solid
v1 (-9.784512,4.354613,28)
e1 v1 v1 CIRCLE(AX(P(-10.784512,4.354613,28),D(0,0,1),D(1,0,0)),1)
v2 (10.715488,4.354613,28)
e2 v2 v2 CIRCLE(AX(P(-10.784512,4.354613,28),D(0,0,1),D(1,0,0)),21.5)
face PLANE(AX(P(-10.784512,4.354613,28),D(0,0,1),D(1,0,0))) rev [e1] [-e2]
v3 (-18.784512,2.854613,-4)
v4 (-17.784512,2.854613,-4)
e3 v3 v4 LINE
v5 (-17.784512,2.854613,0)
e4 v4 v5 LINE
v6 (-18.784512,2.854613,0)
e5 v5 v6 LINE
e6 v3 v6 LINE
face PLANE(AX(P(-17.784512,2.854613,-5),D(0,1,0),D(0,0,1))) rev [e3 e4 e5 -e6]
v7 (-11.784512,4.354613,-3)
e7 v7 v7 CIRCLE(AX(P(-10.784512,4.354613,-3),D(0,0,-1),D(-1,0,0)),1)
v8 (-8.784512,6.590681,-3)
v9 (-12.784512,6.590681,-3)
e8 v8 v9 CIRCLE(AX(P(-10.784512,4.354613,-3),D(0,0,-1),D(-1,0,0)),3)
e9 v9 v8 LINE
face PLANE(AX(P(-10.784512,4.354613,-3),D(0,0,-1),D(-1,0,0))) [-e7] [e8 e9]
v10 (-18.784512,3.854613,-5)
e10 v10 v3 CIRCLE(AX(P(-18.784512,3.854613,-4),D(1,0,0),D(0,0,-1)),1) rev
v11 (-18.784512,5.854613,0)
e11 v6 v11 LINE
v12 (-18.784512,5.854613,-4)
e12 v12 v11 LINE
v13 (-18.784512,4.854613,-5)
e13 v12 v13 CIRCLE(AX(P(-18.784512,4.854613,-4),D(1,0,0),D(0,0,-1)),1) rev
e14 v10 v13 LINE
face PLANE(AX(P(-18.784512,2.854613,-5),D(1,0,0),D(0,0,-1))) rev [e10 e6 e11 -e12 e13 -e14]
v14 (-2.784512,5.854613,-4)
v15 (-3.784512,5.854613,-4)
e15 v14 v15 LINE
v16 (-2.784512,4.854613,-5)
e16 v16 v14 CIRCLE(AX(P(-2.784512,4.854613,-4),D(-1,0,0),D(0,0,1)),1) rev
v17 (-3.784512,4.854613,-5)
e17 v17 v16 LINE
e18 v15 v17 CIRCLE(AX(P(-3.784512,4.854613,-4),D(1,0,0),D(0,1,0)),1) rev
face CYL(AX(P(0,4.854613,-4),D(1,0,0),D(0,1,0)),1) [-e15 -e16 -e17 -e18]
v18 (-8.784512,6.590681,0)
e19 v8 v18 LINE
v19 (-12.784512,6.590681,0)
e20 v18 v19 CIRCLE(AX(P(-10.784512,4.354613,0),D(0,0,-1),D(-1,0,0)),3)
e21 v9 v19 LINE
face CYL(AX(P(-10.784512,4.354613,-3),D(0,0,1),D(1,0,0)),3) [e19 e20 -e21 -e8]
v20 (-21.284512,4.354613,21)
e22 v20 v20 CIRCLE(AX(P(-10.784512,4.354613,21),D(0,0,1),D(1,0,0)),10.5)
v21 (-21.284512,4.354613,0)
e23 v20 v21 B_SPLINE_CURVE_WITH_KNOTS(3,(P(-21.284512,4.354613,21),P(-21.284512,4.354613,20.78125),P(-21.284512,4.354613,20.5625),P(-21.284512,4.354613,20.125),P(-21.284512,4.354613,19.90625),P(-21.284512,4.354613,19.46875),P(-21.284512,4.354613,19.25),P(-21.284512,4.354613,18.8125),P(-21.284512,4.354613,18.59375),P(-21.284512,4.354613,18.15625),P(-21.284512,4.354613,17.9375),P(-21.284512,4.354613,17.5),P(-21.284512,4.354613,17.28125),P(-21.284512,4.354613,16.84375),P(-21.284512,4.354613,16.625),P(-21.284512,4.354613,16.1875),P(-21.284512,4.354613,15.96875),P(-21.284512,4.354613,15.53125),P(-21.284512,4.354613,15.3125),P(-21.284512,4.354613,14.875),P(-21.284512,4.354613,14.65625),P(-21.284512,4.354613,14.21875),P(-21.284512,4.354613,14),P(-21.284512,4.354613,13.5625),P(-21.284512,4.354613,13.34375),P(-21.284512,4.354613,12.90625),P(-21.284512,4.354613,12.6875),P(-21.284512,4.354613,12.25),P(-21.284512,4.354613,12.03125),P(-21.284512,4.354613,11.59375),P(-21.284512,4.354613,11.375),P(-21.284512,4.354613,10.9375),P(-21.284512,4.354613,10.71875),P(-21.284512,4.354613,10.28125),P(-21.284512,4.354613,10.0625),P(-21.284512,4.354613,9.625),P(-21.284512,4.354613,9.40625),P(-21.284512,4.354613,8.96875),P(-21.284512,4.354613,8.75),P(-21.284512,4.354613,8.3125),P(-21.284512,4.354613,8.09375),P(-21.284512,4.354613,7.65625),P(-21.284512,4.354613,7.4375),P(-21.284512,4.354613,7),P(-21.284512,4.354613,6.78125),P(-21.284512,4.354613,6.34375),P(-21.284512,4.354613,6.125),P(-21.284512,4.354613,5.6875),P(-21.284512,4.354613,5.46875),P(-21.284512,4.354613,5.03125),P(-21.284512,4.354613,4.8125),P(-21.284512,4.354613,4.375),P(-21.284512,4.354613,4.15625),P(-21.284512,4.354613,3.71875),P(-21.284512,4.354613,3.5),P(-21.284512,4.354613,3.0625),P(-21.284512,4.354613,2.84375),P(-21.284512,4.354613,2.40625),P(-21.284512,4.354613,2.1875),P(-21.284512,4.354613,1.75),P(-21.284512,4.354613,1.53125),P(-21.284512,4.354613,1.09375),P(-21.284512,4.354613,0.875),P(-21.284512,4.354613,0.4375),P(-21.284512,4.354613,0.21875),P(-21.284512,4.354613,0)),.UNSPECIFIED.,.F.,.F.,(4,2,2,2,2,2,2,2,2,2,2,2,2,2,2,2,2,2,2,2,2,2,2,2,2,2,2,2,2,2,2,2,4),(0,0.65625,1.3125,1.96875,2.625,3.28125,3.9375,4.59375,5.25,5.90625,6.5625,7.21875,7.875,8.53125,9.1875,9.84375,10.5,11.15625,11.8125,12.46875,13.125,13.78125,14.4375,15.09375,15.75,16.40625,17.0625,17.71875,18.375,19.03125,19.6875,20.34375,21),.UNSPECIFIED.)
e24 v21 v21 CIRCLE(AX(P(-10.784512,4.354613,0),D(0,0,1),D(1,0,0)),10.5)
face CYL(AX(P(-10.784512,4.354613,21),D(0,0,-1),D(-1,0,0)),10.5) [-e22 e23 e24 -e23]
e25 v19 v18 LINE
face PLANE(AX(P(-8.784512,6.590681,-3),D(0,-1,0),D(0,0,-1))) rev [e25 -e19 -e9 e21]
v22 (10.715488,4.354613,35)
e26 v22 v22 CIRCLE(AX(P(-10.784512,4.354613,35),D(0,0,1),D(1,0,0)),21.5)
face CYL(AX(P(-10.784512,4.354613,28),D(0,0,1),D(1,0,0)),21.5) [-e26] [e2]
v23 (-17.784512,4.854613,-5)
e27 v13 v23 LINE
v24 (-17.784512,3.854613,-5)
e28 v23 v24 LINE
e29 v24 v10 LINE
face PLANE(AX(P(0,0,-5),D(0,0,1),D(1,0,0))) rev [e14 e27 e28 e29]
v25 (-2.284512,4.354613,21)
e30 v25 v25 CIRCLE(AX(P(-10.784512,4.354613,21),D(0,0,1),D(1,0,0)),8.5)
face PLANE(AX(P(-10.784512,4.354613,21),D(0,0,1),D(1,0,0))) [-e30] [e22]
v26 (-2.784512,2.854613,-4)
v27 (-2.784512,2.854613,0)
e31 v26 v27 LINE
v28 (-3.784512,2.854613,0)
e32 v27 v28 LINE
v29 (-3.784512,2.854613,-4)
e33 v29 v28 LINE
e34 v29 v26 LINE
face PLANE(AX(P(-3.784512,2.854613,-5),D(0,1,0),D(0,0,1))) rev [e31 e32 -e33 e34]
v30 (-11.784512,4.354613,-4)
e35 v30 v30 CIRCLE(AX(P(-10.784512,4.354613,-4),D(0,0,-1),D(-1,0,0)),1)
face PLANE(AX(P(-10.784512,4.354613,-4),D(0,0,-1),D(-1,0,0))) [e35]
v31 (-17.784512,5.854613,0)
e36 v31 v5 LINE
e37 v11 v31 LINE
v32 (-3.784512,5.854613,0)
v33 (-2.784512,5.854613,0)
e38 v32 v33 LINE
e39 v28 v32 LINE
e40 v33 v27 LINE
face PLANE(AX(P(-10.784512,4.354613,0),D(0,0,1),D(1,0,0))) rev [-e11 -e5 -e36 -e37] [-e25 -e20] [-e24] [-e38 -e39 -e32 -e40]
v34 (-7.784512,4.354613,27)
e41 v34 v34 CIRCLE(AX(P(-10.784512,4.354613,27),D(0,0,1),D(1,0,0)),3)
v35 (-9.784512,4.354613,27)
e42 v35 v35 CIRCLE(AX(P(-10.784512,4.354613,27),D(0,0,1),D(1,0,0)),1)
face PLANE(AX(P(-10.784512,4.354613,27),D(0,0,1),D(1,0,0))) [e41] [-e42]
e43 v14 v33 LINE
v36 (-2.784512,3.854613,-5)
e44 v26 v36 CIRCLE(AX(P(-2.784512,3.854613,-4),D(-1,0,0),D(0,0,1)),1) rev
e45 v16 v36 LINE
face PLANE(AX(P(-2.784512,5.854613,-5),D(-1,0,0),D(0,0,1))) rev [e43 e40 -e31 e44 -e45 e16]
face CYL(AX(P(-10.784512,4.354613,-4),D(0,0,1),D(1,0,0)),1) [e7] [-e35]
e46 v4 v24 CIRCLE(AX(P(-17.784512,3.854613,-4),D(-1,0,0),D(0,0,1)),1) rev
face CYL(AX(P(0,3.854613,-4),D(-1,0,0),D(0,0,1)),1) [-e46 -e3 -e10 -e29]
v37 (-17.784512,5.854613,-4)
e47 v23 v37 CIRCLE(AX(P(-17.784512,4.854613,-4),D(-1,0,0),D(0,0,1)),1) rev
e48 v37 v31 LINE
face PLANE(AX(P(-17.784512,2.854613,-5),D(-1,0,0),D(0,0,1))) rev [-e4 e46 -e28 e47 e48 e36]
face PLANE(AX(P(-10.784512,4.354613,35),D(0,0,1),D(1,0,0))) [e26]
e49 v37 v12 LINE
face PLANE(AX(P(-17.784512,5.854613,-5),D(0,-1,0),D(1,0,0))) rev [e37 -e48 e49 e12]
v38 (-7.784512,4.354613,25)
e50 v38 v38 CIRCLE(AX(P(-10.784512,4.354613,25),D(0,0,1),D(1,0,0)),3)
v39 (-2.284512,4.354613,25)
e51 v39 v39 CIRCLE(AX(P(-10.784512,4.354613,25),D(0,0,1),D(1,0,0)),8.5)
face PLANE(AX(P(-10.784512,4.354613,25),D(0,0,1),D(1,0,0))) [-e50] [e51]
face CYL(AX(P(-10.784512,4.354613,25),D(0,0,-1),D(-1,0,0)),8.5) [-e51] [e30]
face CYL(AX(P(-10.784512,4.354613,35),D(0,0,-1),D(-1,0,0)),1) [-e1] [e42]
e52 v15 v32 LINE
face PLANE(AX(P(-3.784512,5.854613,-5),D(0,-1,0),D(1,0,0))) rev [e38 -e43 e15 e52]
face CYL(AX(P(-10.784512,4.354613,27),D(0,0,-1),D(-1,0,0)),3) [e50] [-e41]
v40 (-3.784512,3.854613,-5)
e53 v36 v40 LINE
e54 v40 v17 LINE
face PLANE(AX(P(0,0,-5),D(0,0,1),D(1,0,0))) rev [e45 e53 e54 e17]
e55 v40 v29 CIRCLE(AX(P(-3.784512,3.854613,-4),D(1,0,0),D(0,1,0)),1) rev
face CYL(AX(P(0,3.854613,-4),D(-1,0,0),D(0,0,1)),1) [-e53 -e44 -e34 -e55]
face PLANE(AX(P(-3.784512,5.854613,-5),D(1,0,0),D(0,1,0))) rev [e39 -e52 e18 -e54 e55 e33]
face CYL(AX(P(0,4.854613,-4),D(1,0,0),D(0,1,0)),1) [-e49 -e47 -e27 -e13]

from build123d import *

# Parameters (mm, degrees)
ESQUISSE1_R        = 10.5
BOSS_EXTRU_1_DEPTH = 21
ESQUISSE2_R        = 8.5
BOSS_EXTRU_2_DEPTH = 4
ESQUISSE3_R        = 3
BOSS_EXTRU_3_DEPTH = 2
ESQUISSE4_R        = 1
BOSS_EXTRU_4_DEPTH = 8
ESQUISSE5_W        = 1
ESQUISSE5_H        = 3
BOSS_EXTRU_5_DEPTH = 5
CONG_1_R           = 1
BOSS_EXTRU_6_START = 3
BOSS_EXTRU_6_DEPTH = 3
BOSS_EXTRU_7_START = 1
ESQUISSE7_R        = 1
BOSS_EXTRU_7_DEPTH = 1
ESQUISSE8_R        = 21.5
BOSS_EXTRU_8_DEPTH = 7


with BuildPart() as part:
    # Esquisse1 → Boss.-Extru.1 (new body)
    with BuildSketch(Plane.XY):
        with Locations((-10.784512349, 4.354613187)):
            Circle(ESQUISSE1_R)
    extrude(amount=BOSS_EXTRU_1_DEPTH)

    # Esquisse2 → Boss.-Extru.2 (add)
    with BuildSketch(Plane.XY.offset(21)):
        with Locations((-10.784512349, 4.354613187)):
            Circle(ESQUISSE2_R)
    extrude(amount=BOSS_EXTRU_2_DEPTH)

    # Esquisse3 → Boss.-Extru.3 (add)
    with BuildSketch(Plane.XY.offset(25)):
        with Locations((-10.784512349, 4.354613187)):
            Circle(ESQUISSE3_R)
    extrude(amount=BOSS_EXTRU_3_DEPTH)

    # Esquisse4 → Boss.-Extru.4 (add)
    with BuildSketch(Plane.XY.offset(27)):
        with Locations((-10.784512349, 4.354613187)):
            Circle(ESQUISSE4_R)
    extrude(amount=BOSS_EXTRU_4_DEPTH)

    # Esquisse5 → Boss.-Extru.5 (add)
    with BuildSketch(Plane(origin=(0, 0, 0), x_dir=(-1, 0, 0), z_dir=(0, 0, -1))):
        with Locations((18.284512349, 4.354613187)):
            Rectangle(ESQUISSE5_W, ESQUISSE5_H)
        with Locations((3.284512349, 4.354613187)):
            Rectangle(ESQUISSE5_W, ESQUISSE5_H)
    extrude(amount=BOSS_EXTRU_5_DEPTH)

    # Congé1
    cong_1_edges = [part.edges().sort_by_distance(p)[0] for p in [
        (-18.284512349, 2.854613187, -5),
        (-18.284512349, 5.854613187, -5),
        (-3.284512349, 2.854613187, -5),
        (-3.284512349, 5.854613187, -5),
    ]]
    fillet(cong_1_edges, radius=CONG_1_R)

    # Esquisse6 → Boss.-Extru.6 (add)
    with BuildSketch(Plane(origin=(0, 0, 0), x_dir=(-1, 0, 0), z_dir=(0, 0, -1)).offset(BOSS_EXTRU_6_START)):
        with BuildLine():
            Line((8.784512349, 6.590681164), (12.784512349, 6.590681164))
            ThreePointArc((12.784512349, 6.590681164), (10.784512349, 1.354613187), (8.784512349, 6.590681164))
        make_face()
    extrude(amount=-BOSS_EXTRU_6_DEPTH)

    # Esquisse7 → Boss.-Extru.7 (add)
    with BuildSketch(Plane(origin=(0, 0, -3), x_dir=(-1, 0, 0), z_dir=(0, 0, -1)).offset(BOSS_EXTRU_7_START)):
        with Locations((10.784512349, 4.354613187)):
            Circle(ESQUISSE7_R)
    extrude(amount=-BOSS_EXTRU_7_DEPTH)

    # Esquisse8 → Boss.-Extru.8 (add)
    with BuildSketch(Plane.XY.offset(35)):
        with Locations((-10.784512349, 4.354613187)):
            Circle(ESQUISSE8_R)
    extrude(amount=-BOSS_EXTRU_8_DEPTH)


solid = part.part
